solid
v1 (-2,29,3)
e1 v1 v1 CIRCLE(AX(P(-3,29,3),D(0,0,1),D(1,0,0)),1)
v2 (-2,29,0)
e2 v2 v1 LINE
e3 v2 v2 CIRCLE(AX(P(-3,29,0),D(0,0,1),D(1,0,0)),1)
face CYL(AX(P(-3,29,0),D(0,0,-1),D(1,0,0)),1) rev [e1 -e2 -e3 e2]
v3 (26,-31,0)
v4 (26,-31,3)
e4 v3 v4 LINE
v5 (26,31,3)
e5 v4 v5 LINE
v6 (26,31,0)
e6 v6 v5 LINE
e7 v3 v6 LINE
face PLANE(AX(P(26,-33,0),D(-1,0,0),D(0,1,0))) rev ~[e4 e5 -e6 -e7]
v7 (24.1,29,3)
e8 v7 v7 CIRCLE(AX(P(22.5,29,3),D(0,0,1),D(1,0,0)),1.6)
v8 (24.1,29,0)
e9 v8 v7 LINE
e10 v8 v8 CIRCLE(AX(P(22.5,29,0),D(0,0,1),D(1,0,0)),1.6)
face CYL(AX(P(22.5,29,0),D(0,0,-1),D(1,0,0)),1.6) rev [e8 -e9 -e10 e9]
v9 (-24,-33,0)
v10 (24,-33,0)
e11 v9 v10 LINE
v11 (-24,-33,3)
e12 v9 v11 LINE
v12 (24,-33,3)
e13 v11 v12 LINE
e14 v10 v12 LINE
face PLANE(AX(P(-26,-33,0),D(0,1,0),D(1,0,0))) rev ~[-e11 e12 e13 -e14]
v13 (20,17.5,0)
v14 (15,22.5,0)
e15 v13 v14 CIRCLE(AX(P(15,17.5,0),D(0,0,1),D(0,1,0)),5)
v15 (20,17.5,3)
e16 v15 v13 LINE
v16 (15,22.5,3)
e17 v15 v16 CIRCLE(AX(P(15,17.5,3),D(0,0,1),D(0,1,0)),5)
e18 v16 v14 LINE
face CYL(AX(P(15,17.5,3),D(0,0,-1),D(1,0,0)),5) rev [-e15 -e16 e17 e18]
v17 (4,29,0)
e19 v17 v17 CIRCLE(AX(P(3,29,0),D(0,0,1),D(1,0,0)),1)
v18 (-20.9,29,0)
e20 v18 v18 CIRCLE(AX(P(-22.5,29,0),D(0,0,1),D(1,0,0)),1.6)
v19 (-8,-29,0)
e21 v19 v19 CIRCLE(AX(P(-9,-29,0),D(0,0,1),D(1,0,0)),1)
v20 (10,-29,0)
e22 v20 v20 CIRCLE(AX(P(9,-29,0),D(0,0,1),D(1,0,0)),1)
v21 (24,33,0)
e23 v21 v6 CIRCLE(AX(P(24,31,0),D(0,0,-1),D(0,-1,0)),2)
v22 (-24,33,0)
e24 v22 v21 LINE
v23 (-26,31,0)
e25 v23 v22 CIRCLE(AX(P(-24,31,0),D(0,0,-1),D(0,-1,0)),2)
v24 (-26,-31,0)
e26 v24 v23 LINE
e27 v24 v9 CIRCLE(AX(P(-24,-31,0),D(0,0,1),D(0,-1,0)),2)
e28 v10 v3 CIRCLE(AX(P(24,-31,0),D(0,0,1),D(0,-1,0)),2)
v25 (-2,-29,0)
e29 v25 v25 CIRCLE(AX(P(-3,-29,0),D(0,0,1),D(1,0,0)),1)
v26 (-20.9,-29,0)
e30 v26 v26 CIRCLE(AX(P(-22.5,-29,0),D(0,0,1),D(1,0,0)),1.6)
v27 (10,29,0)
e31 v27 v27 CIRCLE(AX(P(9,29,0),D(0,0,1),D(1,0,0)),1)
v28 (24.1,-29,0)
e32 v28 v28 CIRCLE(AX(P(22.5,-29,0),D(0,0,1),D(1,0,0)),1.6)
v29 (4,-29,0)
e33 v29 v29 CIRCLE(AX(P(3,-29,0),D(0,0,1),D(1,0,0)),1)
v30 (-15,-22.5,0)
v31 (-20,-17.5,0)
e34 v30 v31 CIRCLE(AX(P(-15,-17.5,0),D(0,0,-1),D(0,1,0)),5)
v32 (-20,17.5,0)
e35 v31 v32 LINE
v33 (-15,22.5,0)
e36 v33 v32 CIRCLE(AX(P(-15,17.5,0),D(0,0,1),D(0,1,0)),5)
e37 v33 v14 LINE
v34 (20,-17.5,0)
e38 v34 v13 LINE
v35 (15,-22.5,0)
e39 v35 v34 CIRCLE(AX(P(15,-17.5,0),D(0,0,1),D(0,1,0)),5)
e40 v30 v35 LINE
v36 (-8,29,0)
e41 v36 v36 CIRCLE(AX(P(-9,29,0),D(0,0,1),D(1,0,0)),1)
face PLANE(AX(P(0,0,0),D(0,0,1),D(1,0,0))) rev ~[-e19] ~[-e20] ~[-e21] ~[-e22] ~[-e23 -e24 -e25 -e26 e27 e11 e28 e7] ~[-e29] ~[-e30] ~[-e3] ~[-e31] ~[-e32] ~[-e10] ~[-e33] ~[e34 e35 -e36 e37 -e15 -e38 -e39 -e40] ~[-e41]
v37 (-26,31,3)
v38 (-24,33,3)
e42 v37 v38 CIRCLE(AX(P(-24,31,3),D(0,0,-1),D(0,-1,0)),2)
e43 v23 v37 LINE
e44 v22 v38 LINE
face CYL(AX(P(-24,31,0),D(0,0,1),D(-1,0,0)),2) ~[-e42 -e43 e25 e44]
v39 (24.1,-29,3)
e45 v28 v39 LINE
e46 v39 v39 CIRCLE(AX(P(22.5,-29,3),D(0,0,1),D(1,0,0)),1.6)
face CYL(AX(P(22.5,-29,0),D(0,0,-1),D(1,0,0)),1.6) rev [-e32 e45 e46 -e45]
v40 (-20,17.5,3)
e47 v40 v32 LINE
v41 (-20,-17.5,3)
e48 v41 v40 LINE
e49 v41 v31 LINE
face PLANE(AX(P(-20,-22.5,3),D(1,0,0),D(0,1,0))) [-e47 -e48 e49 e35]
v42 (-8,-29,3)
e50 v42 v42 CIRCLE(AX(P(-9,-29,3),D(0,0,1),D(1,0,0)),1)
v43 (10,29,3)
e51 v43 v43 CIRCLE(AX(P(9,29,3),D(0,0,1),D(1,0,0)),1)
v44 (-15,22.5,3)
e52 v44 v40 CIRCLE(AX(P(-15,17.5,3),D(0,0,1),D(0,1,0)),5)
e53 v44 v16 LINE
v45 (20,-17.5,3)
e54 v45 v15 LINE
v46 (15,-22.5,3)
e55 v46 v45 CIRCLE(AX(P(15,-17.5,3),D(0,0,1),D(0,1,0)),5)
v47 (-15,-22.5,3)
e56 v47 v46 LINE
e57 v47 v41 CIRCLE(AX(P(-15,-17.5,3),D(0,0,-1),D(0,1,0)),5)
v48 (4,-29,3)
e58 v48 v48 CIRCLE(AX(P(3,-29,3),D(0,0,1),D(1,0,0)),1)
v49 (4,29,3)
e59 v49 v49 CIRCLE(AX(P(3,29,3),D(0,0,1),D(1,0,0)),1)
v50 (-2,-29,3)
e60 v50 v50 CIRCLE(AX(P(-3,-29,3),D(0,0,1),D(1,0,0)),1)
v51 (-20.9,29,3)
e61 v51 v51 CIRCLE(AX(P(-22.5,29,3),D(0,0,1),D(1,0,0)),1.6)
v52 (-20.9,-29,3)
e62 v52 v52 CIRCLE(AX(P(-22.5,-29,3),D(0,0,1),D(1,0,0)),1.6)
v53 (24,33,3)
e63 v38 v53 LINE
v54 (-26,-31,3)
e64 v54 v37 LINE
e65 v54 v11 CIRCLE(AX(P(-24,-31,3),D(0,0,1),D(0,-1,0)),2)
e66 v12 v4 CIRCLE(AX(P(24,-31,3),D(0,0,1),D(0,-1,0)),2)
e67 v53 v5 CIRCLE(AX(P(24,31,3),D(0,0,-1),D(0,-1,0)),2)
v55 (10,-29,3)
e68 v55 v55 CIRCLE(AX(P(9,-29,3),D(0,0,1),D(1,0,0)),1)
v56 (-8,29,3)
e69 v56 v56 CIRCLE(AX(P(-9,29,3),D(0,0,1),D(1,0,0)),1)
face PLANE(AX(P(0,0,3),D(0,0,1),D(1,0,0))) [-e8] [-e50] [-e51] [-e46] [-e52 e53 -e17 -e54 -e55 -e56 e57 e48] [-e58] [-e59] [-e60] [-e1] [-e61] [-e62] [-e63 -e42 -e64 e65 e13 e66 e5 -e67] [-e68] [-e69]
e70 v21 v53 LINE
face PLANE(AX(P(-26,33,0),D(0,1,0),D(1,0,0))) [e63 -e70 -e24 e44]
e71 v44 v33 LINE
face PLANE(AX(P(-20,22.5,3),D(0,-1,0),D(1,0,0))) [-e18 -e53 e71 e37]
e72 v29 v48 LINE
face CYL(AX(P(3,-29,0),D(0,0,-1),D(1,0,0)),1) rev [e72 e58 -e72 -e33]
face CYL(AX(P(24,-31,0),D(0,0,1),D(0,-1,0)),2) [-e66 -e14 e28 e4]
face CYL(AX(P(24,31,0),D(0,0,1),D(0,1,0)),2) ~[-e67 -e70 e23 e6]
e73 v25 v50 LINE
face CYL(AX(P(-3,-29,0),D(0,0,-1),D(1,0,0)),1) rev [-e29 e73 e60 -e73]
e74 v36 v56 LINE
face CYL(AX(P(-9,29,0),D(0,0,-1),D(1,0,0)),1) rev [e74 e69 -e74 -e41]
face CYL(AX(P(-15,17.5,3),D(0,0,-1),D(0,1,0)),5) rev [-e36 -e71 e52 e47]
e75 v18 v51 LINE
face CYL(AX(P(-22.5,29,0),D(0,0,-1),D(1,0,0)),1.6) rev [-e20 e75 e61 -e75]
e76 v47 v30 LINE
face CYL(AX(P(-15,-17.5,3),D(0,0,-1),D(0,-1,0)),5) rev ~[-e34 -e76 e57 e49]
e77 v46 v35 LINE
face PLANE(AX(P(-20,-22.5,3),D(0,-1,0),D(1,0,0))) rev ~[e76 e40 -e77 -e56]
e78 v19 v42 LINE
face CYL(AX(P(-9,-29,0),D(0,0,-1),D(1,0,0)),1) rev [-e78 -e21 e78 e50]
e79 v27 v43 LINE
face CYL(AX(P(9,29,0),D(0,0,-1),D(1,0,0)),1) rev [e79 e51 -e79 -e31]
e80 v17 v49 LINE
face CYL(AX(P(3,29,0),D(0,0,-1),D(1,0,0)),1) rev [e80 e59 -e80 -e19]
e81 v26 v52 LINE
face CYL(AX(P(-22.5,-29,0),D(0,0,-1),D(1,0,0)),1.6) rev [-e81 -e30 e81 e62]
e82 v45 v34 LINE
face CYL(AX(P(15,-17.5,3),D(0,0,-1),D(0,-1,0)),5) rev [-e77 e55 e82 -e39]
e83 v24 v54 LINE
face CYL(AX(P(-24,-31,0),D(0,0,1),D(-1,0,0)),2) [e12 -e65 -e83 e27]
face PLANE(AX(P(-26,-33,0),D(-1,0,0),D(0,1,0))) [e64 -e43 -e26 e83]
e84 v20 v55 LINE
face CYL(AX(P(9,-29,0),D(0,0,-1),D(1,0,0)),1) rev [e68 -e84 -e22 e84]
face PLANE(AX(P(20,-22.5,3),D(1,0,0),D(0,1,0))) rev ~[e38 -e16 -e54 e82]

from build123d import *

# Parameters (mm, degrees)
SKETCH_W     = 52
SKETCH_H     = 66
SKETCH_R     = 1.6
SKETCH_R_2   = 1
PAD_DEPTH    = 3
FILLET_R     = 2
SKETCH001_W  = 40
SKETCH001_H  = 45
POCKET_DEPTH = 5
FILLET001_R  = 5


with BuildPart() as part:
    # Sketch → Pad (new body)
    with BuildSketch(Plane.XY):
        Rectangle(SKETCH_W, SKETCH_H)
        with Locations((-22.5, 29)):
            Circle(SKETCH_R, mode=Mode.SUBTRACT)
        with Locations((-9, 29)):
            Circle(SKETCH_R_2, mode=Mode.SUBTRACT)
        with Locations((-3, 29)):
            Circle(SKETCH_R_2, mode=Mode.SUBTRACT)
        with Locations((3, 29)):
            Circle(SKETCH_R_2, mode=Mode.SUBTRACT)
        with Locations((9, 29)):
            Circle(SKETCH_R_2, mode=Mode.SUBTRACT)
        with Locations((22.5, 29)):
            Circle(SKETCH_R, mode=Mode.SUBTRACT)
        with Locations((-22.5, -29)):
            Circle(SKETCH_R, mode=Mode.SUBTRACT)
        with Locations((-9, -29)):
            Circle(SKETCH_R_2, mode=Mode.SUBTRACT)
        with Locations((-3, -29)):
            Circle(SKETCH_R_2, mode=Mode.SUBTRACT)
        with Locations((3, -29)):
            Circle(SKETCH_R_2, mode=Mode.SUBTRACT)
        with Locations((9, -29)):
            Circle(SKETCH_R_2, mode=Mode.SUBTRACT)
        with Locations((22.5, -29)):
            Circle(SKETCH_R, mode=Mode.SUBTRACT)
    extrude(amount=PAD_DEPTH)

    # Fillet
    fillet_edges = [part.edges().sort_by_distance(p)[0] for p in [
        (26, -33, 1.5),
        (-26, -33, 1.5),
        (26, 33, 1.5),
        (-26, 33, 1.5),
    ]]
    fillet(fillet_edges, radius=FILLET_R)

    # Sketch001 (on Face5 of Fillet) → Pocket (cut)
    with BuildSketch(Plane.XY.offset(3)):
        Rectangle(SKETCH001_W, SKETCH001_H)
    extrude(amount=-POCKET_DEPTH, mode=Mode.SUBTRACT)

    # Fillet001
    fillet001_edges = [part.edges().sort_by_distance(p)[0] for p in [
        (20, -22.5, 1.5),
        (-20, 22.5, 1.5),
        (20, 22.5, 1.5),
        (-20, -22.5, 1.5),
    ]]
    fillet(fillet001_edges, radius=FILLET001_R)


solid = part.part
